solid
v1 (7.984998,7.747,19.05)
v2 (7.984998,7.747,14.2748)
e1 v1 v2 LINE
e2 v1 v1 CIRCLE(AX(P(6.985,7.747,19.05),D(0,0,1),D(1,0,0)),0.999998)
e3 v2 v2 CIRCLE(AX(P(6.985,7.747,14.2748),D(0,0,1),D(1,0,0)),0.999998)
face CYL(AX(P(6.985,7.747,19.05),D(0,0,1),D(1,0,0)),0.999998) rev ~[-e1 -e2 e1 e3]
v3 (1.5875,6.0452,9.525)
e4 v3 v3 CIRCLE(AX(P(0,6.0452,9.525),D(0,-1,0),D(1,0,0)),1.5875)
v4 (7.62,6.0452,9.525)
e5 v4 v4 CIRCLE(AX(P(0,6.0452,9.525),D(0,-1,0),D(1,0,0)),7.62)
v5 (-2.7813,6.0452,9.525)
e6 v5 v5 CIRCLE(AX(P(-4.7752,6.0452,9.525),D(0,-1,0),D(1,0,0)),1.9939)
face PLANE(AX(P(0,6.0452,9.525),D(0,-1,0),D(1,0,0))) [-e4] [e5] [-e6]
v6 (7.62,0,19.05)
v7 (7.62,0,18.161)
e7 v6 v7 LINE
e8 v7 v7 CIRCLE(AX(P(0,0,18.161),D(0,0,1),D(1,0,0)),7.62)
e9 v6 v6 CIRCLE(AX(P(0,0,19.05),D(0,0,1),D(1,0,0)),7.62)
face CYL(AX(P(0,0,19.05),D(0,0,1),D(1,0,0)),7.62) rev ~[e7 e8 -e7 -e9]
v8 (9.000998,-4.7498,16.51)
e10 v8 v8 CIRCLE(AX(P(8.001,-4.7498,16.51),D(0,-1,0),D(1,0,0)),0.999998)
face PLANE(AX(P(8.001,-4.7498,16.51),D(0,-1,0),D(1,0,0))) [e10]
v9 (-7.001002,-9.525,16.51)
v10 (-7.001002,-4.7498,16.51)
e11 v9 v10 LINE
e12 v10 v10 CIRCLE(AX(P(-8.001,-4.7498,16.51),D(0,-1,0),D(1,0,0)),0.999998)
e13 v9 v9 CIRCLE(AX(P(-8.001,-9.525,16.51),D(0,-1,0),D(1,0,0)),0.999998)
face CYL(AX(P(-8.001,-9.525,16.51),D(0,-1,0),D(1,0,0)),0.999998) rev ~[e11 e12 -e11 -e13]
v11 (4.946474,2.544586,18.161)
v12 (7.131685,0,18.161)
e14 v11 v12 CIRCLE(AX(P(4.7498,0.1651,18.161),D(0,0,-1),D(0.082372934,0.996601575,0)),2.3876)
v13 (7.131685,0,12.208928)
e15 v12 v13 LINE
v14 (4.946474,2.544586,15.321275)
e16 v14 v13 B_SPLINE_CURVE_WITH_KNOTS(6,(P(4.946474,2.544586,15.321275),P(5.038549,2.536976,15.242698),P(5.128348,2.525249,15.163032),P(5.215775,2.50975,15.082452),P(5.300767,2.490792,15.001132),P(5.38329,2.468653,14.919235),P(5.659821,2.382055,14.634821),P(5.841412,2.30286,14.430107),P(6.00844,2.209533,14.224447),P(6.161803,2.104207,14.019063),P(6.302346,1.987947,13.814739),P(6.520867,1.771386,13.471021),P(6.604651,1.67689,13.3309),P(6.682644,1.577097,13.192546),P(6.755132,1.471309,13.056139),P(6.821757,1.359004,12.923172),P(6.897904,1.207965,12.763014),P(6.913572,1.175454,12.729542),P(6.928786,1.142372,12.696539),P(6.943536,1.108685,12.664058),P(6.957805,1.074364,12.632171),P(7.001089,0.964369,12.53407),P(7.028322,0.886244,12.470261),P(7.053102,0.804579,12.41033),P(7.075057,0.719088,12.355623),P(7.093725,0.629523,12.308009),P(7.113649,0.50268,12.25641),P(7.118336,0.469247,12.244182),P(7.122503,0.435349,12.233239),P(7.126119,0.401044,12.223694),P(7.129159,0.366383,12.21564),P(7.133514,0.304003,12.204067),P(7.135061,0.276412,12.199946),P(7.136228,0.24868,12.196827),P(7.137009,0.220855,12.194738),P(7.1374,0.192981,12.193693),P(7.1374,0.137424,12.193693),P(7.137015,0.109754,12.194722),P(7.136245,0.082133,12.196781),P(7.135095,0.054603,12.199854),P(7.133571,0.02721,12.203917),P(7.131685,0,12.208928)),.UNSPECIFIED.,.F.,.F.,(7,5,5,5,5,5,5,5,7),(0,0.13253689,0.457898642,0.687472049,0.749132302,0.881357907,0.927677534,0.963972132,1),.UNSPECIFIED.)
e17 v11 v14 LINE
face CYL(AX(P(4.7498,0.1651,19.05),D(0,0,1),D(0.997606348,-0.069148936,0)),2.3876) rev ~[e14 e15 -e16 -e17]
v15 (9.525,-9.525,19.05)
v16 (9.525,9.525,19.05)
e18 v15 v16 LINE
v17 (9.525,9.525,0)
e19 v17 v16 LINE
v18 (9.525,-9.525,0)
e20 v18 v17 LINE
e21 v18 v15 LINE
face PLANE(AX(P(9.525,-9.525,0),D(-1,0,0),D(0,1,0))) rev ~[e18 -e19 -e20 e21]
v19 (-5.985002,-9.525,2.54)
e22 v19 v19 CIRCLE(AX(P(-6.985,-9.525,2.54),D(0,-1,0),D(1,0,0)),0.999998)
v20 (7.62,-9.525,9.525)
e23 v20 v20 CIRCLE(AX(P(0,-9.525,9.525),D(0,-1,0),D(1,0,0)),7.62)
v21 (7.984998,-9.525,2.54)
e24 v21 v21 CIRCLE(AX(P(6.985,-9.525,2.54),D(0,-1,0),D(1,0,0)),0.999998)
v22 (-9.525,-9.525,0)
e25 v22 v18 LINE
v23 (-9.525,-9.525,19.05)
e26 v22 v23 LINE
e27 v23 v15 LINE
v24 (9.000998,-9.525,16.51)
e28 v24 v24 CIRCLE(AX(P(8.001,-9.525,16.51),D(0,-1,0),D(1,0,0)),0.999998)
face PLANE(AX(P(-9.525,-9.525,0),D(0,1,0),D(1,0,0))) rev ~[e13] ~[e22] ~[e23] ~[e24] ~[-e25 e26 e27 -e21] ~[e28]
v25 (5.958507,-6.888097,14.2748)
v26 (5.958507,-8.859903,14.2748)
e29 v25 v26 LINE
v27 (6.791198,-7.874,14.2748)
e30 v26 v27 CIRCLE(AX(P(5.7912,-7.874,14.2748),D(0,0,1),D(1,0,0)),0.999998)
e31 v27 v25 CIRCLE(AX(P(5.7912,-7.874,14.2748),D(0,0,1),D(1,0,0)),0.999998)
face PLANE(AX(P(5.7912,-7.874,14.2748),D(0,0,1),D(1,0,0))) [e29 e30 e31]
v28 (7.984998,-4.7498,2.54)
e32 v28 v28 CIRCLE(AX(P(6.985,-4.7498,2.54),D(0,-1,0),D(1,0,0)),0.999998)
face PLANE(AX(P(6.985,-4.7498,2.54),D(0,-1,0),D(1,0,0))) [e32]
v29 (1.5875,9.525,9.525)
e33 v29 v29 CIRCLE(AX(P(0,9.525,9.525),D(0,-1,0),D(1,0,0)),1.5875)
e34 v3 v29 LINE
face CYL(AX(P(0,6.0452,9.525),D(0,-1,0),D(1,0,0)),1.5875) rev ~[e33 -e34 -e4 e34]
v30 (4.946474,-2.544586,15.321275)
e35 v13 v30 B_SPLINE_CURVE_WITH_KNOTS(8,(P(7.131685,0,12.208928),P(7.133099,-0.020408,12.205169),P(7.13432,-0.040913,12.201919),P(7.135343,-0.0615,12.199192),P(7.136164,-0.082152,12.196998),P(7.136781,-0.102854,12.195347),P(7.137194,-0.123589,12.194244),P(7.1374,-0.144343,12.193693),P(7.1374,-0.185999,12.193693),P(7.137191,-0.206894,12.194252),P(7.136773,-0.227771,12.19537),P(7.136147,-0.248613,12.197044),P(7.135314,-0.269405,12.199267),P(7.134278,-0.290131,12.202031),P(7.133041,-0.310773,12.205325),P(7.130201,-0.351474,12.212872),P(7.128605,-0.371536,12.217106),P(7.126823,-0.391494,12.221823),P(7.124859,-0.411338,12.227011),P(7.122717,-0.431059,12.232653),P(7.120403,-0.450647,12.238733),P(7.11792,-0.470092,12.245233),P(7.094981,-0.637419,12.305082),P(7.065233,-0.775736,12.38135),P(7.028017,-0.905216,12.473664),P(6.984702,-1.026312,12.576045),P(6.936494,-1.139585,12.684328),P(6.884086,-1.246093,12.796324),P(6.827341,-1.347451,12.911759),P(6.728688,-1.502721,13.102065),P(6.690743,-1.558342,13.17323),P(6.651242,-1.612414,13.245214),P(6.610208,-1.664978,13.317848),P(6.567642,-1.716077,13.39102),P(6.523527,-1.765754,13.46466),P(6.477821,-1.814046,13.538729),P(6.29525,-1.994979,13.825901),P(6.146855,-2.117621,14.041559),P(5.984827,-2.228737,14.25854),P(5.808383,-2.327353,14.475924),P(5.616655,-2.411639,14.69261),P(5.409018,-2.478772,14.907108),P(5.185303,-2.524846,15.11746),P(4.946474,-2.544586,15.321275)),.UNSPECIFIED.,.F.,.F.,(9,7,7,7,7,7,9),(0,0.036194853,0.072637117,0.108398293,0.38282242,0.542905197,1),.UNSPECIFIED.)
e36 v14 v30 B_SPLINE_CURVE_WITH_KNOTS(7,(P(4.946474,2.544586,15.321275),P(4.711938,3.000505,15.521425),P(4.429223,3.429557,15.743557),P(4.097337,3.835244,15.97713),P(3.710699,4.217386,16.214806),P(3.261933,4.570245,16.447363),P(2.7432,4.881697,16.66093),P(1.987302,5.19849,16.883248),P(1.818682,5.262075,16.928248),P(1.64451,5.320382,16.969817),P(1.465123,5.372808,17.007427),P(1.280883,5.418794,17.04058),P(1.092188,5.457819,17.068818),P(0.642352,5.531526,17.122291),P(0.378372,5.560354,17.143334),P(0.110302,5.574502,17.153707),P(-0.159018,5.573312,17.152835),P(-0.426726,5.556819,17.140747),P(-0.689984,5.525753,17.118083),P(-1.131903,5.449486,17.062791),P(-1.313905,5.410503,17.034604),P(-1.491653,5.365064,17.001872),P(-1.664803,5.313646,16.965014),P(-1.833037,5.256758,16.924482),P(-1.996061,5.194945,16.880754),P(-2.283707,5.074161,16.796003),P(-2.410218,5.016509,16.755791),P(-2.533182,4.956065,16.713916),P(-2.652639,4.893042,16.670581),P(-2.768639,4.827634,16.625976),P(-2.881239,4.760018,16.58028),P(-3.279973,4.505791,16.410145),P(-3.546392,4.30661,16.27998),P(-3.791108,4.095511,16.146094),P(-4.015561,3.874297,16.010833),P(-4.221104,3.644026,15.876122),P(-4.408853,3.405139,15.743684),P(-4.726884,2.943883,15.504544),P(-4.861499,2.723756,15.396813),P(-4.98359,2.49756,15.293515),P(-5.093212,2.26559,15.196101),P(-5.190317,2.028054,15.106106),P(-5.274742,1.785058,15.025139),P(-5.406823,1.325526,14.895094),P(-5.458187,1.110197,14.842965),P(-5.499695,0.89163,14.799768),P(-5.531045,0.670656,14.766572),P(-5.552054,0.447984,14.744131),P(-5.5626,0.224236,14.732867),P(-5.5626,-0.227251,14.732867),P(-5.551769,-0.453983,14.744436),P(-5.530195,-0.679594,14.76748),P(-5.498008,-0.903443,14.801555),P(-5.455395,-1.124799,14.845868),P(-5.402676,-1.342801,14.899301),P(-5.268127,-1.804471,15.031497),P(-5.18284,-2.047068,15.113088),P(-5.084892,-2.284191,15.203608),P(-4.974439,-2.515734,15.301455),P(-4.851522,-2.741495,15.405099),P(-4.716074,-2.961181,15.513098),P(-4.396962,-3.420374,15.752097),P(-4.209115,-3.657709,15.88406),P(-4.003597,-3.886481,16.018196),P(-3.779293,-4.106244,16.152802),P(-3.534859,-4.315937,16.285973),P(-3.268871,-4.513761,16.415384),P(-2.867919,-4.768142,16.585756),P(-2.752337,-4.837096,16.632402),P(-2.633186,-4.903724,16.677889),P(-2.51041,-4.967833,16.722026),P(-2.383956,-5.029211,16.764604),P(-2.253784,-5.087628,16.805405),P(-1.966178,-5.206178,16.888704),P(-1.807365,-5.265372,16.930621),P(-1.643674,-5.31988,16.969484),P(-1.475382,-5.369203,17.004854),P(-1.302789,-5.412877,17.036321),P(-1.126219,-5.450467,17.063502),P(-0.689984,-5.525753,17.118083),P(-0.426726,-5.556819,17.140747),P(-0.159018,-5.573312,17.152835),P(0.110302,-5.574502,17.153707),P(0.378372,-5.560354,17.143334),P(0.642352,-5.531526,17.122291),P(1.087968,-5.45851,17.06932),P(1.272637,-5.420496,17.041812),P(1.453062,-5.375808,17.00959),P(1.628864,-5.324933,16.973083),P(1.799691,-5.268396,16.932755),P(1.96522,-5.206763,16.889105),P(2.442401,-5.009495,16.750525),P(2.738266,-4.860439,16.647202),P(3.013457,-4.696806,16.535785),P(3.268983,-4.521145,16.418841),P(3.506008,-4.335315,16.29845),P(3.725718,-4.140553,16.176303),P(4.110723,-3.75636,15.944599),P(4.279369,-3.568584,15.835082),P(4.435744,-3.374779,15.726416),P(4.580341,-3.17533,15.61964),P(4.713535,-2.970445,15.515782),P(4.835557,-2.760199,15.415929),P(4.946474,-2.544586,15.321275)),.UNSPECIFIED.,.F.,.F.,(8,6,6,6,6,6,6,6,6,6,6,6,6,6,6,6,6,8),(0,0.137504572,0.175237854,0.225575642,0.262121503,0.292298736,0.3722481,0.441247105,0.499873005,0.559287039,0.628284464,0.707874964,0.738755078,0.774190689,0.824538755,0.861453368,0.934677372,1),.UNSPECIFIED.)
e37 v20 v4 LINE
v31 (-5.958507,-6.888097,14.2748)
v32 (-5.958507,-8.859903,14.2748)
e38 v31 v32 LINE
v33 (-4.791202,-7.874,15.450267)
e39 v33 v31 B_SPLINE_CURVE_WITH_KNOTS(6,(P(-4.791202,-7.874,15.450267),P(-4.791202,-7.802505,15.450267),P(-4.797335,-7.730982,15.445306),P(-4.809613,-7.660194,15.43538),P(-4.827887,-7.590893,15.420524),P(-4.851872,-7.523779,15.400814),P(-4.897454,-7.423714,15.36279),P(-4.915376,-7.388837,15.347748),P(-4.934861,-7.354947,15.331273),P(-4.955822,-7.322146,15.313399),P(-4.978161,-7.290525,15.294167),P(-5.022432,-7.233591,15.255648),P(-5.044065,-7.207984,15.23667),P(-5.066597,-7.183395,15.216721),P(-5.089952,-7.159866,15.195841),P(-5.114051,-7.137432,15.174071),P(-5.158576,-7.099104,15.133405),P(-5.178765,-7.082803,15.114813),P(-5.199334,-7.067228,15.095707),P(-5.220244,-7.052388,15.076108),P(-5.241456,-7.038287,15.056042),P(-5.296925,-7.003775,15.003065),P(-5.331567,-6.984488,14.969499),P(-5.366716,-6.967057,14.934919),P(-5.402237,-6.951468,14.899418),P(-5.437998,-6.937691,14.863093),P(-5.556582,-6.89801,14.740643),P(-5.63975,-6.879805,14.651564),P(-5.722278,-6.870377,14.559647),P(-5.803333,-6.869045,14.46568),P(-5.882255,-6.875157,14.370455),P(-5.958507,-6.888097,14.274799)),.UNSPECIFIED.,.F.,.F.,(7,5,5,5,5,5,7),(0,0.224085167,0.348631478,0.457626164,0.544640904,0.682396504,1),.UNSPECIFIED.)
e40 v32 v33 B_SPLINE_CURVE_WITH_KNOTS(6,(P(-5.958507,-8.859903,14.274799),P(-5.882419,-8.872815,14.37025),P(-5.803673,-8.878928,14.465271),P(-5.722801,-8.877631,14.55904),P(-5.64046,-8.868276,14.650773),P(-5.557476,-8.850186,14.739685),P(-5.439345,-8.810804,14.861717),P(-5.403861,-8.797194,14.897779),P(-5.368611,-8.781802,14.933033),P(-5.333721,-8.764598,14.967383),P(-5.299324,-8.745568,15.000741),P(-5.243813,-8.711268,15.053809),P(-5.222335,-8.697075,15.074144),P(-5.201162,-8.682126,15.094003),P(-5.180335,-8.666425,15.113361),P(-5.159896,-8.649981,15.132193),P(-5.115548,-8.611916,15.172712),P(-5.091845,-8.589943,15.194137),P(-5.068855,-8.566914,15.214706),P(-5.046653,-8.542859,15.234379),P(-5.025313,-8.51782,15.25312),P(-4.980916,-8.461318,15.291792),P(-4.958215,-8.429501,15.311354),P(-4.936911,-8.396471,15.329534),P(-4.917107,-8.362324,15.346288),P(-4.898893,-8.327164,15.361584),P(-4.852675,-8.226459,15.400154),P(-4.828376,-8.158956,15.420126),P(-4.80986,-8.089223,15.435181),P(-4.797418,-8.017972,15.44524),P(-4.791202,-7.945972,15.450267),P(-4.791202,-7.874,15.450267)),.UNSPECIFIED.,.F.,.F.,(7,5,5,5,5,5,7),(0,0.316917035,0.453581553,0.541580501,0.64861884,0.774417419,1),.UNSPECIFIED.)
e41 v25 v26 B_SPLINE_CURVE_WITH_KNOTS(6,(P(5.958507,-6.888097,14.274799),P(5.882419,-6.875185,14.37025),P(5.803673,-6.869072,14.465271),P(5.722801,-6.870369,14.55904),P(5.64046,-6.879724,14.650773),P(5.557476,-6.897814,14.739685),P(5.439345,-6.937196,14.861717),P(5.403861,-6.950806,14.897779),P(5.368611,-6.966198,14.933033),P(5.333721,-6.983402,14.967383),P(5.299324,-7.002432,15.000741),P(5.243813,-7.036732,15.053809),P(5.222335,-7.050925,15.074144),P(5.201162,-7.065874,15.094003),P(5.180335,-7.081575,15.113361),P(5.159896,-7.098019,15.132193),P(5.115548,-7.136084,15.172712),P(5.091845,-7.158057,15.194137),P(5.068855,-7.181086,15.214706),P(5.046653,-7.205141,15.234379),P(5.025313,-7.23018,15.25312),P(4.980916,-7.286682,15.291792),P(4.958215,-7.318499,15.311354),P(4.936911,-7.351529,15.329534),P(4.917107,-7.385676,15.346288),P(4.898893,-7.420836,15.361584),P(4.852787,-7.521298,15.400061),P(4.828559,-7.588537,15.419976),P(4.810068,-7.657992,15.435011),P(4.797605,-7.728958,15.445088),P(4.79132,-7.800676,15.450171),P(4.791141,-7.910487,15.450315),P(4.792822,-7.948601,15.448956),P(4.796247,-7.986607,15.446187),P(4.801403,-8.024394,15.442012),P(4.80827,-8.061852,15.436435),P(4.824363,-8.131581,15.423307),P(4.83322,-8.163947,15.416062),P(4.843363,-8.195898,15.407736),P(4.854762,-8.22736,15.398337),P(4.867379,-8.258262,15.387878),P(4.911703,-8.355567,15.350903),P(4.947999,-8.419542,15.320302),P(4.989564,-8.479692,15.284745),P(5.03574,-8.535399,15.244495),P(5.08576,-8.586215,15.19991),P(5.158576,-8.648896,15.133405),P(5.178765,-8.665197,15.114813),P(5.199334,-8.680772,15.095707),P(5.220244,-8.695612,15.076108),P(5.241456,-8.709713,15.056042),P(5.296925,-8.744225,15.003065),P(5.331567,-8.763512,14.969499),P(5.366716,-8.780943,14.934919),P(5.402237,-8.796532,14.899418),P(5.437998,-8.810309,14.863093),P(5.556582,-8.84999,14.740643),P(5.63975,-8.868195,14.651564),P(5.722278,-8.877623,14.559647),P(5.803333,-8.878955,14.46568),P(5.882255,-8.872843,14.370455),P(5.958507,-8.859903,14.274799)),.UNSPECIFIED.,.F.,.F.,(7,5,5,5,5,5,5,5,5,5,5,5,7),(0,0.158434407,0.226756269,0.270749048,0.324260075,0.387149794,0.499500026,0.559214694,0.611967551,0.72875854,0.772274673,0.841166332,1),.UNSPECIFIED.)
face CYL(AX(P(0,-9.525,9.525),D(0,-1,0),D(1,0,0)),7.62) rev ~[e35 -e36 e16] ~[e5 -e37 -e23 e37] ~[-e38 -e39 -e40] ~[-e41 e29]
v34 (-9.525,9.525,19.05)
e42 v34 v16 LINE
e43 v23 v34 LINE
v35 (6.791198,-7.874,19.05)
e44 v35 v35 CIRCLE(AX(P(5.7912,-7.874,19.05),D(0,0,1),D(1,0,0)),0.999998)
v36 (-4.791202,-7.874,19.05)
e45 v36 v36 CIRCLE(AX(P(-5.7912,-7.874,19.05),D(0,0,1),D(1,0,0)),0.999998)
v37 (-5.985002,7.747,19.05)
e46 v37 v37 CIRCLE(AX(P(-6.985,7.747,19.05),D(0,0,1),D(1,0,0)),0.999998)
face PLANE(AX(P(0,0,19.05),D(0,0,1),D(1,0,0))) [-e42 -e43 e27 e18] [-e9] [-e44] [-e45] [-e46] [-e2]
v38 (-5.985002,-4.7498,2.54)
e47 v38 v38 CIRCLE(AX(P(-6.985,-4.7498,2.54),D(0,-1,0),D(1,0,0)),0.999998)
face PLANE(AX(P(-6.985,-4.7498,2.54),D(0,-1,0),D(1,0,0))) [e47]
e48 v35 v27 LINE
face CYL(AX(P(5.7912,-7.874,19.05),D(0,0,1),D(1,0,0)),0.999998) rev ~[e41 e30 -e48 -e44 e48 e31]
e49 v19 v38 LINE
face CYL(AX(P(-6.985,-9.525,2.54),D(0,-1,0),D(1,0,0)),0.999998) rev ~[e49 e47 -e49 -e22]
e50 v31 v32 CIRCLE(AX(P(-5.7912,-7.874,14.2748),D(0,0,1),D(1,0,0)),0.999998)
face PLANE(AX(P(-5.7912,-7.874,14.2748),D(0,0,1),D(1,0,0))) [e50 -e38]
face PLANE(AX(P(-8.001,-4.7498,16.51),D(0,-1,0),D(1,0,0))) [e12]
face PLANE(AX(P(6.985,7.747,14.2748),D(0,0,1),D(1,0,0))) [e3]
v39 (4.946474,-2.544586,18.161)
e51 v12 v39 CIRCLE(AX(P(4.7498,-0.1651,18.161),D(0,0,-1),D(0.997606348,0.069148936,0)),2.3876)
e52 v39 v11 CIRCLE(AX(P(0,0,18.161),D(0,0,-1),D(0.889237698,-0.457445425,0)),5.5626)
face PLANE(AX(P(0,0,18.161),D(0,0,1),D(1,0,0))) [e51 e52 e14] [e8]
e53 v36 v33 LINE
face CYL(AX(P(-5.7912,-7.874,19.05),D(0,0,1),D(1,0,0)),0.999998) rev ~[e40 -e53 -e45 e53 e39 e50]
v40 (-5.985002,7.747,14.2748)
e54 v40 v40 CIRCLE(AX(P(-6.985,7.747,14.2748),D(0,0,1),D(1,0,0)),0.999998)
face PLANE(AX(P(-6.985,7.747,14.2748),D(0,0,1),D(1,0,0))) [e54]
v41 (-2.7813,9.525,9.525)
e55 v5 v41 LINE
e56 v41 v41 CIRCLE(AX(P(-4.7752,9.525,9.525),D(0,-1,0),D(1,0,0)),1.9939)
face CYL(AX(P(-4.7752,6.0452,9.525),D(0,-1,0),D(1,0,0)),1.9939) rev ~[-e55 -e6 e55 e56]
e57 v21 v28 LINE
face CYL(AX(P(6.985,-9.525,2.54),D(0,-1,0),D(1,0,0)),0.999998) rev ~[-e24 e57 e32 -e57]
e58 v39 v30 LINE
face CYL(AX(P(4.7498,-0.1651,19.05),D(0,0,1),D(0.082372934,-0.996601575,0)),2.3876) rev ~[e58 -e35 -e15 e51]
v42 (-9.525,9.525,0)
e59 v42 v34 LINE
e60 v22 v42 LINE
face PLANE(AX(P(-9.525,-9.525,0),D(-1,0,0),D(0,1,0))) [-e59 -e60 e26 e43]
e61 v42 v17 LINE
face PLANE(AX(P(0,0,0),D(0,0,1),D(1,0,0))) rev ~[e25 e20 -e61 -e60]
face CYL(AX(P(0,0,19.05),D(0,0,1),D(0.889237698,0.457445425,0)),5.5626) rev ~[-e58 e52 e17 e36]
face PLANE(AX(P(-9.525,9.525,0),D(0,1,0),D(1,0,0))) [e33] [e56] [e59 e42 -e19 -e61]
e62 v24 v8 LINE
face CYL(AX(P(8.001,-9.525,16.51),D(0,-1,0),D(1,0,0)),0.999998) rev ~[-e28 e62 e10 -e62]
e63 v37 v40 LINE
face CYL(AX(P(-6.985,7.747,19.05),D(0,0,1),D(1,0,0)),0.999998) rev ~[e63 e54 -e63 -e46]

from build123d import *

# Parameters (mm, degrees)
F0_W      = 19.05
F0_H      = 19.05
F1_DEPTH  = 19.05
F2_R      = 7.62
F3_DEPTH  = 0.889
F4_R      = 0.999998
F5_DEPTH  = 4.7752
F6_R      = 7.62
F7_DEPTH  = 15.5702
F9_DEPTH  = 6.8573073039
F10_R     = 1.5875
F10_R_2   = 1.9939
F11_DEPTH = 3.4808
F12_R     = 0.999998
F13_DEPTH = 4.7752


with BuildPart() as f1:
    # F0 (on Top) → F1 (new body)
    with BuildSketch(Plane.XY):
        Rectangle(F0_W, F0_H)
    extrude(amount=F1_DEPTH)

    # F2 (on face) → F3 (cut)
    with BuildSketch(Plane.XY.offset(19.05)):
        Circle(F2_R)
        with BuildLine():
            ThreePointArc((4.9464736177, -2.544585921), (-5.5626, 0), (4.9464736177, 2.544585921))
            ThreePointArc((4.9464736177, 2.544585921), (6.5611449159, 1.7206267132), (7.1316849154, 0))
            ThreePointArc((7.1316849154, 0), (6.5611449159, -1.7206267132), (4.9464736177, -2.544585921))
        make_face(mode=Mode.SUBTRACT)
    extrude(amount=-F3_DEPTH, mode=Mode.SUBTRACT)

    # F4 (on face) → F5 (cut)
    with BuildSketch(Plane.XY.offset(19.05)):
        with Locations((-5.7912, -7.874)):
            Circle(F4_R)
        with Locations((5.7912, -7.874)):
            Circle(F4_R)
        with Locations((6.985, 7.747)):
            Circle(F4_R)
        with Locations((-6.985, 7.747)):
            Circle(F4_R)
    extrude(amount=-F5_DEPTH, mode=Mode.SUBTRACT)

    # F6 (on face) → F7 (cut)
    with BuildSketch(Plane.XZ.offset(9.525)):
        with Locations((0, 9.525)):
            Circle(F6_R)
    extrude(amount=-F7_DEPTH, mode=Mode.SUBTRACT)

    # F8 (on face) → F9 (cut, through all)
    with BuildSketch(Plane.XY.offset(19.05)):
        with BuildLine():
            ThreePointArc((4.9464736177, 2.544585921), (-5.5626, 0), (4.9464736177, -2.544585921))
            ThreePointArc((4.9464736177, -2.544585921), (6.5611449159, -1.7206267132), (7.1316849154, 0))
            ThreePointArc((7.1316849154, 0), (6.5611449159, 1.7206267132), (4.9464736177, 2.544585921))
        make_face()
    extrude(amount=-F9_DEPTH, mode=Mode.SUBTRACT)

    # F10 (on face) → F11 (cut, through all)
    with BuildSketch(Plane.XZ.offset(-6.0452)):
        with Locations((0, 9.525)):
            Circle(F10_R)
        with Locations((-4.7752, 9.525)):
            Circle(F10_R_2)
    extrude(amount=-F11_DEPTH, mode=Mode.SUBTRACT)

    # F12 (on face) → F13 (cut)
    with BuildSketch(Plane.XZ.offset(9.525)):
        with Locations((-8.001, 16.51)):
            Circle(F12_R)
        with Locations((8.001, 16.51)):
            Circle(F12_R)
        with Locations((-6.985, 2.54)):
            Circle(F12_R)
        with Locations((6.985, 2.54)):
            Circle(F12_R)
    extrude(amount=-F13_DEPTH, mode=Mode.SUBTRACT)


solid = f1.part
